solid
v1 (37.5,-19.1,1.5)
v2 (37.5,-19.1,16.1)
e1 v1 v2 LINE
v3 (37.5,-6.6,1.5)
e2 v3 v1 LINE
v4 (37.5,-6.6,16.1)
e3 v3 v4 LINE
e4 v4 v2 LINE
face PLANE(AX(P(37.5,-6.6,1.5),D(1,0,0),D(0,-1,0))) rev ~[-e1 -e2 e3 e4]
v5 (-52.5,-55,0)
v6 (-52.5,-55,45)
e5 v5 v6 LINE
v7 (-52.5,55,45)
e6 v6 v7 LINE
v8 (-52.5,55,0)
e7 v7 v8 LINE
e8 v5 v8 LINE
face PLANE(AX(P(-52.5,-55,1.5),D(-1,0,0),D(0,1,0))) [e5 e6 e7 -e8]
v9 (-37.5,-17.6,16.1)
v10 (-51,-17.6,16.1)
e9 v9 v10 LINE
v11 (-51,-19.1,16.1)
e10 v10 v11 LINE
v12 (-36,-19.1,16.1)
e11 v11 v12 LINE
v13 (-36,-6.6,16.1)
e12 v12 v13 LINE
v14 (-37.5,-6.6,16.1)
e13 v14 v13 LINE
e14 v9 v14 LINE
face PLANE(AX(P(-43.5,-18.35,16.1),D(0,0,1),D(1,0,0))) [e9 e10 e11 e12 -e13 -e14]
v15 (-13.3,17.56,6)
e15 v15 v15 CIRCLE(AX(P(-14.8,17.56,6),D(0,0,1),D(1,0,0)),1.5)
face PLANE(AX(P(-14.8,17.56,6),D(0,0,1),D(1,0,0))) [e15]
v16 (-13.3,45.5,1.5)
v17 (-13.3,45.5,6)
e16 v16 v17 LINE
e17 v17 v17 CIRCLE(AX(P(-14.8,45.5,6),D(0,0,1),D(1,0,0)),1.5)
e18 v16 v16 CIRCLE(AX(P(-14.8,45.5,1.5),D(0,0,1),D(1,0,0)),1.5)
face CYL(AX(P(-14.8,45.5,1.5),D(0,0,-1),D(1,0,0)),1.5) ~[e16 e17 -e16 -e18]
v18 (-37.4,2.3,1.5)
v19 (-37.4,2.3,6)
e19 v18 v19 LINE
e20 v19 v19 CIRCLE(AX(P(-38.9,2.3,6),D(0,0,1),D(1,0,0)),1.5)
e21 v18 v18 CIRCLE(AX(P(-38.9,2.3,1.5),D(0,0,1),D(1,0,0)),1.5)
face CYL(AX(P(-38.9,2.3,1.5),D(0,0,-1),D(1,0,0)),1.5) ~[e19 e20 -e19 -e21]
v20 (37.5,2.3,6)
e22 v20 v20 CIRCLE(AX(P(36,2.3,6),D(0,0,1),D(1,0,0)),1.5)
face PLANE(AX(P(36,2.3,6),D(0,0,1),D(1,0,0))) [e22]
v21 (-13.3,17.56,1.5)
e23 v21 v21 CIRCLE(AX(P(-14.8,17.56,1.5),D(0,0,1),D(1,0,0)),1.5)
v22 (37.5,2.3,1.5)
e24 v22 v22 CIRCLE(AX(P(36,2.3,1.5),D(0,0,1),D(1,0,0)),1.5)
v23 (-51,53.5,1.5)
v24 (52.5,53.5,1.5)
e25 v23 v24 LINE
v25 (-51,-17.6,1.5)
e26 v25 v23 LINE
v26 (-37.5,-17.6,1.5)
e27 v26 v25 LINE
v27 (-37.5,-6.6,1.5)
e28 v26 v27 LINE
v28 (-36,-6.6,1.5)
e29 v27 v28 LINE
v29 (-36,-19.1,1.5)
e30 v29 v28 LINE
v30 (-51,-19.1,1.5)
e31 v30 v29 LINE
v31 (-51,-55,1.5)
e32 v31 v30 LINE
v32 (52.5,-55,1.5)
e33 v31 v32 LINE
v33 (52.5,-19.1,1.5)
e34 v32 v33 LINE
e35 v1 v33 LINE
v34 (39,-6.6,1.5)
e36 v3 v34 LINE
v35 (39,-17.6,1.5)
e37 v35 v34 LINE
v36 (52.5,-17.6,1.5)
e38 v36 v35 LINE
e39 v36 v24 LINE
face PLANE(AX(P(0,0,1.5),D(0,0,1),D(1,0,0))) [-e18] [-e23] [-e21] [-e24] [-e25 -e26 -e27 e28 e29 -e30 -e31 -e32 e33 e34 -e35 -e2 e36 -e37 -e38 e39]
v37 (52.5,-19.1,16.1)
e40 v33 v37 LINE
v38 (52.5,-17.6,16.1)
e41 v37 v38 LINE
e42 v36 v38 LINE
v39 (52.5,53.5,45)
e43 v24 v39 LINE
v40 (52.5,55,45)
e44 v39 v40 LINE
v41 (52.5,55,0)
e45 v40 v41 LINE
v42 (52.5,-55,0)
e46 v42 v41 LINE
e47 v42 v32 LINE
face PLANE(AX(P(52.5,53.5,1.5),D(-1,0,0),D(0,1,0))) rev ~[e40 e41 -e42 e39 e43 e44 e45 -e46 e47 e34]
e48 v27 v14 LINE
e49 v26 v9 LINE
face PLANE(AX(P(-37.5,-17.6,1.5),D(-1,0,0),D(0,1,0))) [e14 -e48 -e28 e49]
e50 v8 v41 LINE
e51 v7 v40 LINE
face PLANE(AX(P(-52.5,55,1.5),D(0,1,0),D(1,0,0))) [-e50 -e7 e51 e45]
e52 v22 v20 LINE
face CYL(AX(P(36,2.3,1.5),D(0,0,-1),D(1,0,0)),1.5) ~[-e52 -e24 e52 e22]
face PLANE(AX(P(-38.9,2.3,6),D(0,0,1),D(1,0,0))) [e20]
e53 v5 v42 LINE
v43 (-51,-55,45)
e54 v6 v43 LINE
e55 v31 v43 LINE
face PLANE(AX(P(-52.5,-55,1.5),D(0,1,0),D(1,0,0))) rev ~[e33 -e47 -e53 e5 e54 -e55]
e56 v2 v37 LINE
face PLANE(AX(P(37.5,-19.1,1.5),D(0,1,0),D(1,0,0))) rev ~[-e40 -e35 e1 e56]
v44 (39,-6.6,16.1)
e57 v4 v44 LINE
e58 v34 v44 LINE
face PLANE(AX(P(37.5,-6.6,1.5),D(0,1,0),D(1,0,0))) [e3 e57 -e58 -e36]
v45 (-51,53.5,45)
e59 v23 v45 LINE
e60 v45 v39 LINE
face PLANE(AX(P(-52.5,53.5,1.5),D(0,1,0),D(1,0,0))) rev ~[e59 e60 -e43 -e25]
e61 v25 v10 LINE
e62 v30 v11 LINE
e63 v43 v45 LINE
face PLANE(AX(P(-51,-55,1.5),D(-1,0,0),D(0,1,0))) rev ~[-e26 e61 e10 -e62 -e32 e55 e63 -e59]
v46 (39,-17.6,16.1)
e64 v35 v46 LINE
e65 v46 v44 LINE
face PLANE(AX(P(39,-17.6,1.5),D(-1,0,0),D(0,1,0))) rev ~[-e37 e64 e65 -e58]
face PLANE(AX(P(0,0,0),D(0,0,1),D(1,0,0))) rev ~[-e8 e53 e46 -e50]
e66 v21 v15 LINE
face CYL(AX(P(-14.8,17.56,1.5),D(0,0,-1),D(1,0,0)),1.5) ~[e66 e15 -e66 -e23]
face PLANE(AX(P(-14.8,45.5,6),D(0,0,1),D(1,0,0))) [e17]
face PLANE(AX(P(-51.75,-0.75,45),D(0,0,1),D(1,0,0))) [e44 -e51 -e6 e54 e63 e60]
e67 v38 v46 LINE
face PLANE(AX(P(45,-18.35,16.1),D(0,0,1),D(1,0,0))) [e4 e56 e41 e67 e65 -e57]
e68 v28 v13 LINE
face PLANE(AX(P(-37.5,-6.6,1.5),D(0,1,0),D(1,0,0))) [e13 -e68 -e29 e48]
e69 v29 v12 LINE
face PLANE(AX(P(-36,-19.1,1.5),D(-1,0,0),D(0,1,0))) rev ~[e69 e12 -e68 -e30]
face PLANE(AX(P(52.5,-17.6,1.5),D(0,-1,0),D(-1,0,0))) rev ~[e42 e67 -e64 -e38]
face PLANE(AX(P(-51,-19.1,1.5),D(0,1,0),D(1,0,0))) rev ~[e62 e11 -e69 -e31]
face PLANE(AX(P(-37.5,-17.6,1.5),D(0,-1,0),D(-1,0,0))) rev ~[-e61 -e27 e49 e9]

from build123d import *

# Parameters (mm, degrees)
F0_W     = 105
F0_H     = 110
F1_DEPTH = 1.5
F2_W     = 105
F2_H     = 1.5
F3_DEPTH = 43.5
F4_W     = 1.5
F4_H     = 108.5
F5_DEPTH = 43.5
F6_R     = 1.5
F7_DEPTH = 4.5
F8_W     = 1.5
F8_H     = 11
F9_DEPTH = 14.6


with BuildPart() as f1:
    # F0 (on Top) → F1 (new body)
    with BuildSketch(Plane.XY):
        Rectangle(F0_W, F0_H)
    extrude(amount=F1_DEPTH)

    # F2 (on face) → F3 (join)
    with BuildSketch(Plane.XY.offset(1.5)):
        with Locations((0, 54.25)):
            Rectangle(F2_W, F2_H)
    extrude(amount=F3_DEPTH)

    # F4 (on face) → F5 (join)
    with BuildSketch(Plane.XY.offset(1.5)):
        with Locations((-51.75, -0.75)):
            Rectangle(F4_W, F4_H)
    extrude(amount=F5_DEPTH)

    # F6 (on face) → F7 (join)
    with BuildSketch(Plane.XY.offset(1.5)):
        with Locations((-14.8, 45.5)):
            Circle(F6_R)
        with Locations((-14.8, 17.56)):
            Circle(F6_R)
        with Locations((-38.9, 2.3)):
            Circle(F6_R)
        with Locations((36, 2.3)):
            Circle(F6_R)
    extrude(amount=F7_DEPTH)

    # F8 (on face) → F9 (join)
    with BuildSketch(Plane.XY.offset(1.5)):
        Polygon((-37.5, -17.6), (-51, -17.6), (-51, -19.1), (-36, -19.1), (-36, -17.6), align=None)
        with Locations((-36.75, -12.1)):
            Rectangle(F8_W, F8_H)
        Polygon((37.5, -19.1), (52.5, -19.1), (52.5, -17.6), (39, -17.6), (37.5, -17.6), align=None)
        with Locations((38.25, -12.1)):
            Rectangle(F8_W, F8_H)
    extrude(amount=F9_DEPTH)


solid = f1.part
